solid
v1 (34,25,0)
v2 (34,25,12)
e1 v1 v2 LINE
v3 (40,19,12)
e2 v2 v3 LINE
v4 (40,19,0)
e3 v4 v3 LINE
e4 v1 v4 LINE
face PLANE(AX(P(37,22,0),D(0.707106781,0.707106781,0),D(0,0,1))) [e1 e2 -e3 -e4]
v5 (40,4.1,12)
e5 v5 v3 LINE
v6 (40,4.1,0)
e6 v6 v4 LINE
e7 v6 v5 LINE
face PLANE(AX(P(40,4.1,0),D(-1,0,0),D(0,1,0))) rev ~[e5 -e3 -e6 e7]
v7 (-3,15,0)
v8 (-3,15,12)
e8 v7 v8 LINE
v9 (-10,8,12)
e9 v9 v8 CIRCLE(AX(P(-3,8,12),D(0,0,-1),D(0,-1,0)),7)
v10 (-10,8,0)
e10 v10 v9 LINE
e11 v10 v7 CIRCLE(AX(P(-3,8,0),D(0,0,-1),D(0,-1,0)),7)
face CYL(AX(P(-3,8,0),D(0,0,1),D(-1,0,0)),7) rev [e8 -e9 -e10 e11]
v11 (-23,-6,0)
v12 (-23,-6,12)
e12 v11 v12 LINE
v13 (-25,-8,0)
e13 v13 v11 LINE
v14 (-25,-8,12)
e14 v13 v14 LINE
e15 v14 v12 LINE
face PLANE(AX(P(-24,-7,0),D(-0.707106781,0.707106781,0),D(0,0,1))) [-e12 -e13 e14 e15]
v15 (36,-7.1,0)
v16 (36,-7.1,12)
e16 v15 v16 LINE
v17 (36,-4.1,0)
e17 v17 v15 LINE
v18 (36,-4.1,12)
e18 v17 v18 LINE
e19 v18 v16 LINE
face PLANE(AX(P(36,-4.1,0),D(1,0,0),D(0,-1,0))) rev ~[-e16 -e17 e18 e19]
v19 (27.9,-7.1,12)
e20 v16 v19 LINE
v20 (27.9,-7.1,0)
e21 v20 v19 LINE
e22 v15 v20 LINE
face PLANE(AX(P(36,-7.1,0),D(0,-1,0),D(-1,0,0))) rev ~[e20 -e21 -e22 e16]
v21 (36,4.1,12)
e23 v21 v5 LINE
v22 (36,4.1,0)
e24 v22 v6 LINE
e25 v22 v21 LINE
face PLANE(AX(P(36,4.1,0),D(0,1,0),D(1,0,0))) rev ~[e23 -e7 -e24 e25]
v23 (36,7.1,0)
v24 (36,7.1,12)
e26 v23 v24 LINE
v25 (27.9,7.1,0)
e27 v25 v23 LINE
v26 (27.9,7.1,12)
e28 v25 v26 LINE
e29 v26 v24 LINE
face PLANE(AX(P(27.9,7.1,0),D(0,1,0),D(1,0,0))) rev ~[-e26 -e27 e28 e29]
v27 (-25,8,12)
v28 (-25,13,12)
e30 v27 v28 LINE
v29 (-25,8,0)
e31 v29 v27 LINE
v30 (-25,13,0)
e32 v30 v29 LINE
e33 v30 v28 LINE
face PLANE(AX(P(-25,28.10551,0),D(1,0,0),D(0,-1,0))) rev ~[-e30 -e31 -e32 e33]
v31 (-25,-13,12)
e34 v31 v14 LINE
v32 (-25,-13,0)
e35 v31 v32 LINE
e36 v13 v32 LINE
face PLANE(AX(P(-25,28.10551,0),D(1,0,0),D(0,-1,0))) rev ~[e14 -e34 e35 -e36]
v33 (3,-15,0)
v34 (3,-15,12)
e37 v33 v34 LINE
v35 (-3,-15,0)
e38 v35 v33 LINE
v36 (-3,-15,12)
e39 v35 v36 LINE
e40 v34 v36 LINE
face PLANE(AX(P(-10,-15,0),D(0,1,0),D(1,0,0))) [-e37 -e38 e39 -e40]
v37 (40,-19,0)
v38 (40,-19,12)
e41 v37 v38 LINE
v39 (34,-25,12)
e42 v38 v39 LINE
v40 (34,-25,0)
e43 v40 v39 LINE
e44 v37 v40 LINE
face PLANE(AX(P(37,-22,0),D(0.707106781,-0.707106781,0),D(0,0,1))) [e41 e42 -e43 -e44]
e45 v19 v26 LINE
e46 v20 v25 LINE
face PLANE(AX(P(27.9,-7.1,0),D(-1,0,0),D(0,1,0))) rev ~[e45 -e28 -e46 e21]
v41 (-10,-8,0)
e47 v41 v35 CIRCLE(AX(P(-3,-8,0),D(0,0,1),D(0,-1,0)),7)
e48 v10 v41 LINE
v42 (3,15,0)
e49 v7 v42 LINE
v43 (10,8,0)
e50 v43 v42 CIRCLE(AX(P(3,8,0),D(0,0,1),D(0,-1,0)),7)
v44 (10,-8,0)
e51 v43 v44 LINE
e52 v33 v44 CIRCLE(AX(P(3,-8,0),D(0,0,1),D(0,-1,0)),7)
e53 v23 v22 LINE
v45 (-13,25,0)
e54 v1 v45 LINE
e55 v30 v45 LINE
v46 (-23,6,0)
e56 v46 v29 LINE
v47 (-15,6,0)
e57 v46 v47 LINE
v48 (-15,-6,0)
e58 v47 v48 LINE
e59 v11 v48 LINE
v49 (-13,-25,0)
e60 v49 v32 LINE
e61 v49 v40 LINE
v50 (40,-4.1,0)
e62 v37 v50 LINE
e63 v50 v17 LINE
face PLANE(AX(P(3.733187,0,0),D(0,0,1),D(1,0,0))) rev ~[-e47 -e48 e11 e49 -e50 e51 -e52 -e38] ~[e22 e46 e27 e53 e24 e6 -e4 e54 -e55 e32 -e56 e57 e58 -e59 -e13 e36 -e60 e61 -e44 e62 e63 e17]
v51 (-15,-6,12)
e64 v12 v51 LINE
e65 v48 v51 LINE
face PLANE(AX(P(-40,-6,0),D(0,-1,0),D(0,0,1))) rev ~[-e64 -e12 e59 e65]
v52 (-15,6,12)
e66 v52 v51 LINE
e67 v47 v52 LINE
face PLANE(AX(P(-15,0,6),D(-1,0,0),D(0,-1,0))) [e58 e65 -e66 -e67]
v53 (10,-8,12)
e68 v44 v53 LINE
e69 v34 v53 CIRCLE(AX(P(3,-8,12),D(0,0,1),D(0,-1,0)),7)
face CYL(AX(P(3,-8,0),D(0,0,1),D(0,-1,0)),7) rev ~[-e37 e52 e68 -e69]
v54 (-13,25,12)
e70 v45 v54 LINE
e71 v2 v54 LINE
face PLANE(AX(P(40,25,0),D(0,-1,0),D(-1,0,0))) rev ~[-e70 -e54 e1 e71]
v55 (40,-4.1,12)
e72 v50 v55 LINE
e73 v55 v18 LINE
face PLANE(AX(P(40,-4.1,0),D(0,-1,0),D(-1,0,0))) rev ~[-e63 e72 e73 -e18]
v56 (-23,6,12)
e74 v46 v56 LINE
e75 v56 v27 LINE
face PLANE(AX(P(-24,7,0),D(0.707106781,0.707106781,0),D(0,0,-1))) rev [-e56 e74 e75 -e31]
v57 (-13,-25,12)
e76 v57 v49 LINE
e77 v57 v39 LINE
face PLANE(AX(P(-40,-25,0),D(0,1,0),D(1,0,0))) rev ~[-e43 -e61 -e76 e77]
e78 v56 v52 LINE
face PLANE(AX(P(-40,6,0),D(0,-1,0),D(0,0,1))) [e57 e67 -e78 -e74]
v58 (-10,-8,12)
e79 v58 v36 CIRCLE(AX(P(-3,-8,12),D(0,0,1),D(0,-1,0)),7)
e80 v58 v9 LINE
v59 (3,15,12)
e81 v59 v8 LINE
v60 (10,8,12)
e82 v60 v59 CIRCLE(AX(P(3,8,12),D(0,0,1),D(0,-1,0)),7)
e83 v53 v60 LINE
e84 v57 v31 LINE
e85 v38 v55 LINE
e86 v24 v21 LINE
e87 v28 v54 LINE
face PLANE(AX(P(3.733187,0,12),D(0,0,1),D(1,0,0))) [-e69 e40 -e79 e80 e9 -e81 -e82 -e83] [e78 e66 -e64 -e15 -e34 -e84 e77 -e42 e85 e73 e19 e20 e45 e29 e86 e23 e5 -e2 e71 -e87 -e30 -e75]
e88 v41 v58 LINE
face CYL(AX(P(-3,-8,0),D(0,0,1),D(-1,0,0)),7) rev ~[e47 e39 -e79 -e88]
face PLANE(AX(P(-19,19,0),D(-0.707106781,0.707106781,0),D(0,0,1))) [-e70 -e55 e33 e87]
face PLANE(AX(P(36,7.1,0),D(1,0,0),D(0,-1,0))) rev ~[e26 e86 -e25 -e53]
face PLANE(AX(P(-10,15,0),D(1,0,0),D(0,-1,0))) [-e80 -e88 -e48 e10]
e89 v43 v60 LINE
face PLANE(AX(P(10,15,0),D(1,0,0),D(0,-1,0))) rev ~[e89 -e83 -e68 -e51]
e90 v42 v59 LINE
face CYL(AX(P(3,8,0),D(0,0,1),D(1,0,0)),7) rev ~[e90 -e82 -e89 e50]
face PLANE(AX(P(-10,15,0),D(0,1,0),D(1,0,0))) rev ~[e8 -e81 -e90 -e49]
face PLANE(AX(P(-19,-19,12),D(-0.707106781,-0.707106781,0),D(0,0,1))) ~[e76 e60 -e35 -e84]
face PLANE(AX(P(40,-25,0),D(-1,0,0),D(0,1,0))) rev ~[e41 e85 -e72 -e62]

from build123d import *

# Parameters (mm, degrees)
F1_DEPTH = 12
F2_W     = 12
F2_H     = 12
F3_DEPTH = 25
F4_SIZE  = 6
F5_W     = 20
F5_H     = 30
F6_DEPTH = 30
F7_R     = 7
F9_DEPTH = 25
F10_SIZE = 12
F11_SIZE = 2


with BuildPart() as f1:
    # F0 (on Top) → F1 (new body)
    with BuildSketch(Plane.XY):
        Polygon((40, 25), (-40, 25), (-40, -25), (40, -25), (40, -4.1), (36, -4.1), (36, -7.1), (27.9, -7.1), (27.9, 7.1), (36, 7.1), (36, 4.1), (40, 4.1), align=None)
    extrude(amount=F1_DEPTH)

    # F2 (on face) → F3 (cut)
    with BuildSketch(Plane(origin=(-40, 0, 0), x_dir=(0, -1, 0), z_dir=(-1, 0, 0))):
        with Locations((0, 6)):
            Rectangle(F2_W, F2_H)
    extrude(amount=-F3_DEPTH, mode=Mode.SUBTRACT)

    # F4
    f4_edges = [f1.edges().sort_by_distance(p)[0] for p in [
        (-40, -25, 6),
        (-40, 25, 6),
        (-40, 6, 6),
        (-40, -6, 6),
        (40, -25, 6),
        (40, 25, 6),
    ]]
    chamfer(f4_edges, length=F4_SIZE)

    # F5 (on face) → F6 (cut)
    with BuildSketch(Plane(origin=(0, 0, 0), x_dir=(1, 0, 0), z_dir=(0, 0, -1))):
        Rectangle(F5_W, F5_H)
    extrude(amount=-F6_DEPTH, mode=Mode.SUBTRACT)

    # F7
    f7_edges = [f1.edges().sort_by_distance(p)[0] for p in [
        (10, 15, 6),
        (-10, 15, 6),
        (-10, -15, 6),
        (10, -15, 6),
    ]]
    fillet(f7_edges, radius=F7_R)

    # F8 (on face) → F9 (cut)
    with BuildSketch(Plane(origin=(0, 0, 0), x_dir=(1, 0, 0), z_dir=(0, 0, -1))):
        Polygon((-41.9909754243, -28.1055098634), (-25, -28.1055098634), (-25, -25), (-34, -25), (-40, -19), (-40, -12), (-34, -6), (-25, -6), (-25, 6), (-34, 6), (-40, 12), (-40, 19), (-34, 25), (-25, 25), (-25, 27.3810768734), (-41.9909754243, 27.3810768734), align=None)
        Polygon((-34, -25), (-25, -25), (-25, -6), (-34, -6), (-40, -12), (-40, -19), align=None)
        Polygon((-34, 6), (-25, 6), (-25, 25), (-34, 25), (-40, 19), (-40, 12), align=None)
    extrude(amount=-F9_DEPTH, mode=Mode.SUBTRACT)

    # F10
    f10_edges = [f1.edges().sort_by_distance(p)[0] for p in [
        (-25, 25, 6),
        (-25, -25, 6),
    ]]
    chamfer(f10_edges, length=F10_SIZE)

    # F11
    f11_edges = [f1.edges().sort_by_distance(p)[0] for p in [
        (-25, 6, 6),
        (-25, -6, 6),
    ]]
    chamfer(f11_edges, length=F11_SIZE)


solid = f1.part
